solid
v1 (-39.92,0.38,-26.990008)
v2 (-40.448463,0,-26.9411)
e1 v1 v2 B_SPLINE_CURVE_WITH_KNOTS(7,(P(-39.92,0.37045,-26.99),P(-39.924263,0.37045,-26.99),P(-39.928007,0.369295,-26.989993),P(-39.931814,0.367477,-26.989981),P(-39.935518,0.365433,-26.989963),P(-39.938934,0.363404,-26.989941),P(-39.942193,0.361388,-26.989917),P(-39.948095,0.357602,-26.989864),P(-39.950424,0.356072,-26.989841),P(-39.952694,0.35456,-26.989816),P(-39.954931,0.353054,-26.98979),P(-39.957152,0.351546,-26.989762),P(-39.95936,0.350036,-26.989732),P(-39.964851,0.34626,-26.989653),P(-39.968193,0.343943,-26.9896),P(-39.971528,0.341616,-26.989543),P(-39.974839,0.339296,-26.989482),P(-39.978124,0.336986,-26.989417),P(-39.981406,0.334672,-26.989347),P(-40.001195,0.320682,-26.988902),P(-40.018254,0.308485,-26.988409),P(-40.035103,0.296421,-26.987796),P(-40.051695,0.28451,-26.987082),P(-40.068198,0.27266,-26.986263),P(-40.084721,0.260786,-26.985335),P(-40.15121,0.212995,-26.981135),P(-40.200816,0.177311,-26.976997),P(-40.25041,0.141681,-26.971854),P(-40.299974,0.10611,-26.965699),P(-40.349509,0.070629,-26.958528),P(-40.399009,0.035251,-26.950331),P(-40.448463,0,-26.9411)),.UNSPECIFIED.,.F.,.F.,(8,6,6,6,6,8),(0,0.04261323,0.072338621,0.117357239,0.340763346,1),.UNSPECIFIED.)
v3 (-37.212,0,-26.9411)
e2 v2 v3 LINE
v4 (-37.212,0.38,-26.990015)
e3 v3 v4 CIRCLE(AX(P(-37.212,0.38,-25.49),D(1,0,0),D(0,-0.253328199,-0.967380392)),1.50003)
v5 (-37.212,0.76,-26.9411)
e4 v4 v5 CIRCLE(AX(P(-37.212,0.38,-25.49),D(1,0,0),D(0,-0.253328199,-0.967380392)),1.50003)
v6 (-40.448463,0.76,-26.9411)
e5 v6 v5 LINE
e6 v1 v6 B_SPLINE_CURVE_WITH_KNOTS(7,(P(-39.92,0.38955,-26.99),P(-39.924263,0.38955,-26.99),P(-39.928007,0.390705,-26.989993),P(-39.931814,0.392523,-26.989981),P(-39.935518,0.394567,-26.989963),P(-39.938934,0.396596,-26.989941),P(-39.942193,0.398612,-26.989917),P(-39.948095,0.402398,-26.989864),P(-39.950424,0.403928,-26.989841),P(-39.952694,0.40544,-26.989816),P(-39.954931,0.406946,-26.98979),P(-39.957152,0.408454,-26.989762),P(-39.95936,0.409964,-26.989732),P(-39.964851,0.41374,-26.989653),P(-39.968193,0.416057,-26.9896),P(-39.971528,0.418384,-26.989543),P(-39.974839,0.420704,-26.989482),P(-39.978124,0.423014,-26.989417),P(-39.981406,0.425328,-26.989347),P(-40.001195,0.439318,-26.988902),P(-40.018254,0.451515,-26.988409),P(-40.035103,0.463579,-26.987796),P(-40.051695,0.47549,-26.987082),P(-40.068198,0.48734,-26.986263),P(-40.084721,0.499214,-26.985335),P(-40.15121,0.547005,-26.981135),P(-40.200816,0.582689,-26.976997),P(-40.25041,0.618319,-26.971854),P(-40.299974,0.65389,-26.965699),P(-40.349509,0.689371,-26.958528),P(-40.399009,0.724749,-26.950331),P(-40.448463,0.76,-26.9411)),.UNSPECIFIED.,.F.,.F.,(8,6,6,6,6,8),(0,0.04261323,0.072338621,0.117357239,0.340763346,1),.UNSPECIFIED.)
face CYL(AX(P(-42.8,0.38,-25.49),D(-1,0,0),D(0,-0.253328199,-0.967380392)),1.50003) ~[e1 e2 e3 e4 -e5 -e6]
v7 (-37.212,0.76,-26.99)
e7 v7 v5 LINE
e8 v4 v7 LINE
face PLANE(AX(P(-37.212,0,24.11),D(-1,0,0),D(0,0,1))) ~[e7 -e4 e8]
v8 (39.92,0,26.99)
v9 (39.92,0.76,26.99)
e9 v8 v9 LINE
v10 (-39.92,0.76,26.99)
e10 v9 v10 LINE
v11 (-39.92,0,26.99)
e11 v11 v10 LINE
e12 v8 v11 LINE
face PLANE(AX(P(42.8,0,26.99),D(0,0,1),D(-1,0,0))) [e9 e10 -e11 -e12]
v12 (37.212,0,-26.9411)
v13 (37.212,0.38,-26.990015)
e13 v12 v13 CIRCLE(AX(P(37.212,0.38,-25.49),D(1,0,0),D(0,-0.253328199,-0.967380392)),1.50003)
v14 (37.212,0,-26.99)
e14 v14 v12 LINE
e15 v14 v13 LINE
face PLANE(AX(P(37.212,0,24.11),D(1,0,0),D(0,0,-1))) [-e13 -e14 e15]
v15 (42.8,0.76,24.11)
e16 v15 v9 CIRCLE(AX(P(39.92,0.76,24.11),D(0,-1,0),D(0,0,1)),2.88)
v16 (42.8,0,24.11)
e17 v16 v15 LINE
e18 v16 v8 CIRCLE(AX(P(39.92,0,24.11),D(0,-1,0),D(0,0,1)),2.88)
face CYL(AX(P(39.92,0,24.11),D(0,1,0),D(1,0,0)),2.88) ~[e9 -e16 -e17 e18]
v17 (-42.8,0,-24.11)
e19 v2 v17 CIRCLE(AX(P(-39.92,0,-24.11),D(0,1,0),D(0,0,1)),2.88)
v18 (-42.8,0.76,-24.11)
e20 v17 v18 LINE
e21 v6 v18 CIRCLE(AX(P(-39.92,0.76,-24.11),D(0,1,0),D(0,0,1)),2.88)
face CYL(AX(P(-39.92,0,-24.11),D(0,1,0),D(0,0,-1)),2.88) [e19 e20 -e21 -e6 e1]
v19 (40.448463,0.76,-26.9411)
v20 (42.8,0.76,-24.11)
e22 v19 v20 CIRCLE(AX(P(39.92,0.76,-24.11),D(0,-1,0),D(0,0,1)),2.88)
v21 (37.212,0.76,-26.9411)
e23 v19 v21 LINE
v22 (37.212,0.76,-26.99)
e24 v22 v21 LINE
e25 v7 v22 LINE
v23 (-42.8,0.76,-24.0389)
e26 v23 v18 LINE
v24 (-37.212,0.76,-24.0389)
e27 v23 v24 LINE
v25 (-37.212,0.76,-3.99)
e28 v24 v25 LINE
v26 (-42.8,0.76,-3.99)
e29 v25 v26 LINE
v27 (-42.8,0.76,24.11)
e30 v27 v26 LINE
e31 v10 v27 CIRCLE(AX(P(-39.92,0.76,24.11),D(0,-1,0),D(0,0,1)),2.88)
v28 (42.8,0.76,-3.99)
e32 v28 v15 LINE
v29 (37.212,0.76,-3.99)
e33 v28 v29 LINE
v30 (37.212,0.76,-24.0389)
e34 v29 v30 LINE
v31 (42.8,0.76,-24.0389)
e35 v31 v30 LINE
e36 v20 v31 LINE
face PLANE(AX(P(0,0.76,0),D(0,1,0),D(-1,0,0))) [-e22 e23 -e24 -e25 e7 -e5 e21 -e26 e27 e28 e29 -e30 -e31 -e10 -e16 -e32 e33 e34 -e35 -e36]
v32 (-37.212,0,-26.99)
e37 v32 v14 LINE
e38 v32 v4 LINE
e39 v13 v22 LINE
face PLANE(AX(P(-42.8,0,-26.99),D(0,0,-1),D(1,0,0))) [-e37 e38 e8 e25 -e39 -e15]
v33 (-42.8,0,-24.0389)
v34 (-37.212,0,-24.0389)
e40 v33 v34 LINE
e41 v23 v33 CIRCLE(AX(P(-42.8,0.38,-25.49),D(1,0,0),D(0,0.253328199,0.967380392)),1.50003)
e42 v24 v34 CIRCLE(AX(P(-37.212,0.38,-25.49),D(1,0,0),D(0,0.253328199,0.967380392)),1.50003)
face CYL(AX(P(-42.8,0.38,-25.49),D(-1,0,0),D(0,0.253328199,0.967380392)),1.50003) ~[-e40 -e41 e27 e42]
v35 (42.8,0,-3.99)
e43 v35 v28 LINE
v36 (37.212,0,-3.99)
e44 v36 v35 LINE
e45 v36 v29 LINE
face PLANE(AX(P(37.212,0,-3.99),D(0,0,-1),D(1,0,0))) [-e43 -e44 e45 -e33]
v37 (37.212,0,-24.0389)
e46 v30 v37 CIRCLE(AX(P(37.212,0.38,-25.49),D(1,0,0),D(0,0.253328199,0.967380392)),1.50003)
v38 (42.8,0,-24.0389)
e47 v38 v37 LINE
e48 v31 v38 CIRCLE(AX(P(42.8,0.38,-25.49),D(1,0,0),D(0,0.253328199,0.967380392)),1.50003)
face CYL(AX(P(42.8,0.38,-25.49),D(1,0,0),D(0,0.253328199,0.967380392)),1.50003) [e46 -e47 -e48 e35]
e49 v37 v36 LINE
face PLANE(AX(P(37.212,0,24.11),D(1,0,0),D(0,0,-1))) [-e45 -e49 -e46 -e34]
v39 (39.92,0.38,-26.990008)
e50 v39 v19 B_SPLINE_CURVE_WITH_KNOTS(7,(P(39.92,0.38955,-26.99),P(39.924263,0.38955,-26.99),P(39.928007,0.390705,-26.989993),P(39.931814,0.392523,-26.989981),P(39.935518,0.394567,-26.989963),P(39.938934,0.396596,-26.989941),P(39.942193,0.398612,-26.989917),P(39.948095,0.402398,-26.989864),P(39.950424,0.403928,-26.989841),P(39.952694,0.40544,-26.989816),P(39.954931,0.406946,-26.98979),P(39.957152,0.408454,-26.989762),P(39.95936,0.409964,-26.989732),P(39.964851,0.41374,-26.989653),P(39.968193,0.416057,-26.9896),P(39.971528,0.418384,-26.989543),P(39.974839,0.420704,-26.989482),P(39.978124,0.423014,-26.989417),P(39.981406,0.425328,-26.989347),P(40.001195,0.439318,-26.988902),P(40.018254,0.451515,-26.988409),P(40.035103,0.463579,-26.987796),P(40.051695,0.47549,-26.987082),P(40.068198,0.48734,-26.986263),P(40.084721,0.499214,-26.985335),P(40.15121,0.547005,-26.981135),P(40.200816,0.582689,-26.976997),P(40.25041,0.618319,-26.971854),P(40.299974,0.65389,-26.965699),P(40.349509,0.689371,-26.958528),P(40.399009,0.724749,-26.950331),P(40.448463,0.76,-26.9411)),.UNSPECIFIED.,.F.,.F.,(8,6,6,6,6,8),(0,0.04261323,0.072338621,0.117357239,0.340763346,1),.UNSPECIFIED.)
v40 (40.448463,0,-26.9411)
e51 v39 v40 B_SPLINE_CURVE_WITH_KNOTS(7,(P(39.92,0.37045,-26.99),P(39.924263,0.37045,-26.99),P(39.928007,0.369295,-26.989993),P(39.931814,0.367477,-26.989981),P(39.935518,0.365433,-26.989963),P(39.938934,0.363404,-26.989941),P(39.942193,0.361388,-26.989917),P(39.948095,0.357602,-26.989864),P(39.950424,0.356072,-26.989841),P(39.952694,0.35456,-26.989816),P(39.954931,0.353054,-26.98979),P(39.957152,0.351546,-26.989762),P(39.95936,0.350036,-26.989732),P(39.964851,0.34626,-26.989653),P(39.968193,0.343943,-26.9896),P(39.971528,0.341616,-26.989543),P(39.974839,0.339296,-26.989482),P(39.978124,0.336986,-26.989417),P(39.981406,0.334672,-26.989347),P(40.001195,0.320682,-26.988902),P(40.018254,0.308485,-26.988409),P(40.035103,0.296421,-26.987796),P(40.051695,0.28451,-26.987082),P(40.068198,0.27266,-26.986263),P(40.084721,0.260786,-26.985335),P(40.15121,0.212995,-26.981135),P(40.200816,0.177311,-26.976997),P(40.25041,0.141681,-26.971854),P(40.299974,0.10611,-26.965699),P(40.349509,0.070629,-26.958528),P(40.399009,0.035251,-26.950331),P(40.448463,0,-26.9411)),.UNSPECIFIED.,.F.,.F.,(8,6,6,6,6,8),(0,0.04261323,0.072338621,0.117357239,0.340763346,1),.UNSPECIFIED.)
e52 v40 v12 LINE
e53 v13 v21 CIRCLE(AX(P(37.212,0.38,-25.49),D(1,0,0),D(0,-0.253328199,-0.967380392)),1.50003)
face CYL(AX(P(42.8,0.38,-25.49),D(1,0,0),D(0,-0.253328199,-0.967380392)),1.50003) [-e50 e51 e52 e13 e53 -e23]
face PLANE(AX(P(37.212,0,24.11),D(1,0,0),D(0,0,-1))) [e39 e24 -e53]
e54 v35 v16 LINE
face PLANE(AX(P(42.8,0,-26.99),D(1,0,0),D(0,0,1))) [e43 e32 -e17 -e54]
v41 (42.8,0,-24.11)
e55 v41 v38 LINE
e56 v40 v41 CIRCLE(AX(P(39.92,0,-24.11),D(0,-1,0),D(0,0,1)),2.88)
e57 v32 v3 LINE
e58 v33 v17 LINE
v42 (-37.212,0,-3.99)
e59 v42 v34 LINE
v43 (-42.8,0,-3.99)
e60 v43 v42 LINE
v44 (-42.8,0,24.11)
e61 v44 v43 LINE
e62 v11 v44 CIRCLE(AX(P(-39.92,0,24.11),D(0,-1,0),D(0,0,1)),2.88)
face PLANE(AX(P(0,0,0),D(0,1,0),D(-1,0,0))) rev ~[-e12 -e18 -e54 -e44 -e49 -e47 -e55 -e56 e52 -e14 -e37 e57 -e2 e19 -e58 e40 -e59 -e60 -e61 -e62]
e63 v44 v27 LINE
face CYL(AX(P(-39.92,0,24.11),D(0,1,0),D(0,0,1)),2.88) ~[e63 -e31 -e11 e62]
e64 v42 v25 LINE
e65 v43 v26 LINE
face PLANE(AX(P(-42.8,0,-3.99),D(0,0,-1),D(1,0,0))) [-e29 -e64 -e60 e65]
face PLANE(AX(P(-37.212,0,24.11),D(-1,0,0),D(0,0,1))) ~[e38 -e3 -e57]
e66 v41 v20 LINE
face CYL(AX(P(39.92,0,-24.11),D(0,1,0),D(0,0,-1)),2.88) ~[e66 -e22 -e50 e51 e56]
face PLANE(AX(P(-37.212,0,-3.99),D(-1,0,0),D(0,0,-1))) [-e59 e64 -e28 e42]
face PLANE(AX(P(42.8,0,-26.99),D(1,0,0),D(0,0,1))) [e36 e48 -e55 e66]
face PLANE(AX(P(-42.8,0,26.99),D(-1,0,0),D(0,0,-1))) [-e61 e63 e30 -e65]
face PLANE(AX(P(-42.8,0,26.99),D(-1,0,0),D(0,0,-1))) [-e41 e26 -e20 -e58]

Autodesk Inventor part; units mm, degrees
ref_plane "YZ Plane" through (0, 0, 0) normal (1, 0, 0) x (0, 1, 0)
ref_plane "XZ Plane" through (0, 0, 0) normal (0, 1, 0) x (-1, 0, 0)
ref_plane "XY Plane" through (0, 0, 0) normal (0, 0, 1) x (1, 0, 0)
sketch "Sketch1" plane through (0, 0, 0) normal (0, 1, 0) x (-1, 0, 0)
  line L0 (42.8, -26.99) -> (-42.8, -26.99)
  line L1 (-42.8, -26.99) -> (-42.8, 26.99)
  line L2 (-42.8, 26.99) -> (42.8, 26.99)
  line L3 (42.8, 26.99) -> (42.8, -26.99)
  line L4 (42.8, -26.99) -> (-42.8, 26.99) construction
  line L5 (-42.8, -26.99) -> (42.8, 26.99) construction
  point P0 (0, 0)
  dimension "d0" = 85.6
  dimension "d1" = 53.98
extrude "Extrusion1" add sketch "Sketch1" along normal blind 0.76
fillet "Fillet1" radius 2.88 4 edges at (42.8, 0.38, 26.99) (42.8, 0.38, -26.99) (-42.8, 0.38, 26.99) (-42.8, 0.38, -26.99)
sketch "Sketch2" plane through (0, 0, 0) normal (0, -1, 0) x (1, 0, 0)
  arc A0 (-42.8, -24.11) -> (-39.92, -26.99) centre (-39.92, -24.11) ccw projected
  line L0 (-39.92, -26.99) -> (39.92, -26.99) projected
  arc A1 (39.92, -26.99) -> (42.8, -24.11) centre (39.92, -24.11) ccw projected
  line L1 (42.8, -24.11) -> (42.8, 24.11) projected
  arc A2 (42.8, 24.11) -> (39.92, 26.99) centre (39.92, 24.11) ccw projected
  line L2 (39.92, 26.99) -> (-39.92, 26.99) projected
  arc A3 (-39.92, 26.99) -> (-42.8, 24.11) centre (-39.92, 24.11) ccw projected
  line L3 (-42.8, 24.11) -> (-42.8, -24.11) projected
  line L4 (-42.8, 24.11) -> (-42.8, -24.11) projected
  line L5 (-42.8, -3.99) -> (-37.212, -3.99)
  line L6 (-37.212, -3.99) -> (-37.212, -23.99)
  line L7 (-37.212, -23.99) -> (-42.8, -23.99)
  line L8 (-42.8, -23.99) -> (-42.8, -3.99)
  line L9 (42.8, 24.11) -> (42.8, -24.11) projected
  line L10 (42.8, -23.99) -> (37.212, -23.99)
  line L11 (37.212, -23.99) -> (37.212, -3.99)
  line L12 (37.212, -3.99) -> (42.8, -3.99)
  line L13 (42.8, -3.99) -> (42.8, -23.99)
  point P0 (0, 0)
  dimension "d5" = 5.588
  dimension "d6" = 5.588
  dimension "d7" = 3
  dimension "d8" = 3
  dimension "d9" = 20
  dimension "d10" = 20
extrude "Extrusion2" cut sketch "Sketch2" against normal through all contours L3 L5 L6 L7 | L10 L11 L12 L1
sketch "Sketch3" plane through (42.8, 0, 24.11) normal (1, 0, 0) x (0, 0, -1)
  line L0 (51.1, 0) -> (51.1, 0.76) projected
  line L1 (51.1, 0) -> (51.1, 0.76)
  line L2 (48.1, 0.76) -> (48.1, 0)
  line L3 (48.1, 0) -> (51.1, 0.76) construction
  line L4 (51.1, 0) -> (48.1, 0.76) construction
  line L5 (51.1, 0) -> (48.22, 0) projected
  arc A0 (48.1489, 0.76) -> (48.1489, 0) centre (49.6, 0.38) ccw
  arc A1 (51.0511, 0) -> (51.0511, 0.76) centre (49.6, 0.38) ccw
  line L6 (48.1, 0) -> (48.1489, 0)
  line L7 (51.0511, 0) -> (51.1, 0)
  line L8 (51.1, 0.76) -> (51.0511, 0.76)
  line L9 (48.1489, 0.76) -> (48.1, 0.76)
  point P0 (24.11, 0)
  point P1 (48.1, 0.38)
  point P2 (51.1, 0.38)
  dimension "d14" = 3
  dimension "d15" = 0.76
  dimension "d16" = 1.5
  dimension "d17" = 1.5
  dimension "d18" = 1.5
extrude "Extrusion3" cut sketch "Sketch3" against normal up to surface (5.588 mm away)
mirror "Mirror1" about plane through (0, 0, 0) normal (1, 0, 0) of "Extrusion3"
sketch "Sketch4" plane through (0, 0, 0) normal (0, -1, 0) x (1, 0, 0)
  line L0 (-37.212, -24.0389) -> (-42.8, -24.0389) projected
  line L1 (-42.8, -24.0389) -> (-42.8, -24.11) projected
  arc A0 (-42.8, -24.11) -> (-40.4486, -26.9411) centre (-39.92, -24.11) ccw projected
  line L2 (-40.4486, -26.9411) -> (-37.212, -26.9411) projected
  line L3 (-37.212, -26.9411) -> (-37.212, -26.99) projected
  line L4 (-37.212, -26.99) -> (37.212, -26.99) projected
  line L5 (37.212, -26.99) -> (37.212, -26.9411) projected
  line L6 (37.212, -26.9411) -> (40.4486, -26.9411) projected
  arc A1 (40.4486, -26.9411) -> (42.8, -24.11) centre (39.92, -24.11) ccw projected
  line L7 (42.8, -24.11) -> (42.8, -24.0389) projected
  line L8 (42.8, -24.0389) -> (37.212, -24.0389) projected
  line L9 (37.212, -24.0389) -> (37.212, -3.99) projected
  line L10 (37.212, -3.99) -> (42.8, -3.99) projected
  line L11 (42.8, -3.99) -> (42.8, 24.11) projected
  arc A2 (42.8, 24.11) -> (39.92, 26.99) centre (39.92, 24.11) ccw projected
  line L12 (39.92, 26.99) -> (-39.92, 26.99) projected
  arc A3 (-39.92, 26.99) -> (-42.8, 24.11) centre (-39.92, 24.11) ccw projected
  line L13 (-42.8, 24.11) -> (-42.8, -3.99) projected
  line L14 (-42.8, -3.99) -> (-37.212, -3.99) projected
  line L15 (-37.212, -3.99) -> (-37.212, -24.0389) projected
  line L16 (39.92, 26.99) -> (-39.92, 26.99) projected
  line L17 (42.8, -3.99) -> (42.8, 24.11) projected
  line L18 (-42.8, 24.11) -> (-42.8, -3.99) projected
  line L19 (-42.8, 26.99) -> (42.8, 26.99) construction
  line L20 (42.8, 26.99) -> (42.8, -27.0263) construction
  line L21 (42.8, -27.0263) -> (-42.8, -27.0263) construction
  line L22 (-42.8, -27.0263) -> (-42.8, 26.99) construction
  point P0 (0, 0)
decal "Decal1"
sketch "Sketch5" plane through (0, 0.76, 0) normal (0, 1, 0) x (1, 0, 0)
  line L0 (-42.8, 24.0389) -> (-37.212, 24.0389) projected
  line L1 (-37.212, 24.0389) -> (-37.212, 3.99) projected
  line L2 (-37.212, 3.99) -> (-42.8, 3.99) projected
  line L3 (-42.8, 3.99) -> (-42.8, -24.11) projected
  arc A0 (-42.8, -24.11) -> (-39.92, -26.99) centre (-39.92, -24.11) ccw projected
  line L4 (-39.92, -26.99) -> (39.92, -26.99) projected
  arc A1 (39.92, -26.99) -> (42.8, -24.11) centre (39.92, -24.11) ccw projected
  line L5 (42.8, -24.11) -> (42.8, 3.99) projected
  line L6 (42.8, 3.99) -> (37.212, 3.99) projected
  line L7 (37.212, 3.99) -> (37.212, 24.0389) projected
  line L8 (37.212, 24.0389) -> (42.8, 24.0389) projected
  line L9 (42.8, 24.0389) -> (42.8, 24.11) projected
  arc A2 (42.8, 24.11) -> (40.4486, 26.9411) centre (39.92, 24.11) ccw projected
  line L10 (40.4486, 26.9411) -> (37.212, 26.9411) projected
  line L11 (37.212, 26.9411) -> (37.212, 26.99) projected
  line L12 (37.212, 26.99) -> (-37.212, 26.99) projected
  line L13 (-37.212, 26.99) -> (-37.212, 26.9411) projected
  line L14 (-37.212, 26.9411) -> (-40.4486, 26.9411) projected
  arc A3 (-40.4486, 26.9411) -> (-42.8, 24.11) centre (-39.92, 24.11) ccw projected
  line L15 (-42.8, 24.11) -> (-42.8, 24.0389) projected
  line L16 (-42.8, 3.99) -> (-42.8, -24.11) projected
  line L17 (42.8, -24.11) -> (42.8, 3.99) projected
  line L18 (-42.8, 27.0263) -> (42.8, 27.0263) construction
  line L19 (42.8, 27.0263) -> (42.8, -26.99) construction
  line L20 (42.8, -26.99) -> (-42.8, -26.99) construction
  line L21 (-42.8, -26.99) -> (-42.8, 27.0263) construction
  point P0 (0, 0)
decal "Decal2"
equation "\"d0\" = cardWidth"
equation "\"d1\" = cardHeight"
equation "\"d2\" = cardThickness"
equation "\"d4\" = cardFillet"
equation "\"d5\" = spoolThickness"
equation "\"d6\" = spoolThickness"
equation "\"d7\" = cardPinDiameter"
equation "\"d8\" = cardPinDiameter"
equation "\"d9\" = cardCutoutHeight"
equation "\"d10\" = cardCutoutHeight"
equation "\"d11\" = cardThickness"
equation "\"d14\" = cardPinDiameter"
equation "\"d15\" = cardThickness"
equation "\"d16\" = 0.5 * cardPinDiameter"
equation "\"d18\" = 0.5 * cardPinDiameter"
equation "\"d19\" = cardThickness"
equation "\"materialThickness\" = 3.175"
equation "\"laserKerf\" = 0.12"
equation "\"cardPinDiameter\" = 3"
equation "\"centeralShaftDiameter\" = 8"
equation "\"cardWidth\" = 85.6"
equation "\"cardHeight\" = 53.98"
equation "\"cardThickness\" = 0.76"
equation "\"cardFillet\" = 2.88"
equation "\"cardCutoutHeight\" = 20"
equation "\"d13\" = cardPinDiameter"
equation "\"cardSelected\" = 1"
equation "\"cardClearence\" = 0.5"
equation "\"bearingOd\" = 22"
equation "\"bearingWidth\" = 8"
equation "\"axleHeight\" = 95"
equation "\"nutTrapClearence\" = 2"
equation "\"nutTrapwidth\" = 5.5"
equation "\"nutTrapDepth\" = 2.5"
equation "\"magnetDiameter\" = 6"
equation "\"magnetLength\" = 3"
equation "\"magnetProtusion\" = 0.25"
equation "\"spoolThickness\" = 5.588"
properties part number "card-01" material "ABS Plastic"
